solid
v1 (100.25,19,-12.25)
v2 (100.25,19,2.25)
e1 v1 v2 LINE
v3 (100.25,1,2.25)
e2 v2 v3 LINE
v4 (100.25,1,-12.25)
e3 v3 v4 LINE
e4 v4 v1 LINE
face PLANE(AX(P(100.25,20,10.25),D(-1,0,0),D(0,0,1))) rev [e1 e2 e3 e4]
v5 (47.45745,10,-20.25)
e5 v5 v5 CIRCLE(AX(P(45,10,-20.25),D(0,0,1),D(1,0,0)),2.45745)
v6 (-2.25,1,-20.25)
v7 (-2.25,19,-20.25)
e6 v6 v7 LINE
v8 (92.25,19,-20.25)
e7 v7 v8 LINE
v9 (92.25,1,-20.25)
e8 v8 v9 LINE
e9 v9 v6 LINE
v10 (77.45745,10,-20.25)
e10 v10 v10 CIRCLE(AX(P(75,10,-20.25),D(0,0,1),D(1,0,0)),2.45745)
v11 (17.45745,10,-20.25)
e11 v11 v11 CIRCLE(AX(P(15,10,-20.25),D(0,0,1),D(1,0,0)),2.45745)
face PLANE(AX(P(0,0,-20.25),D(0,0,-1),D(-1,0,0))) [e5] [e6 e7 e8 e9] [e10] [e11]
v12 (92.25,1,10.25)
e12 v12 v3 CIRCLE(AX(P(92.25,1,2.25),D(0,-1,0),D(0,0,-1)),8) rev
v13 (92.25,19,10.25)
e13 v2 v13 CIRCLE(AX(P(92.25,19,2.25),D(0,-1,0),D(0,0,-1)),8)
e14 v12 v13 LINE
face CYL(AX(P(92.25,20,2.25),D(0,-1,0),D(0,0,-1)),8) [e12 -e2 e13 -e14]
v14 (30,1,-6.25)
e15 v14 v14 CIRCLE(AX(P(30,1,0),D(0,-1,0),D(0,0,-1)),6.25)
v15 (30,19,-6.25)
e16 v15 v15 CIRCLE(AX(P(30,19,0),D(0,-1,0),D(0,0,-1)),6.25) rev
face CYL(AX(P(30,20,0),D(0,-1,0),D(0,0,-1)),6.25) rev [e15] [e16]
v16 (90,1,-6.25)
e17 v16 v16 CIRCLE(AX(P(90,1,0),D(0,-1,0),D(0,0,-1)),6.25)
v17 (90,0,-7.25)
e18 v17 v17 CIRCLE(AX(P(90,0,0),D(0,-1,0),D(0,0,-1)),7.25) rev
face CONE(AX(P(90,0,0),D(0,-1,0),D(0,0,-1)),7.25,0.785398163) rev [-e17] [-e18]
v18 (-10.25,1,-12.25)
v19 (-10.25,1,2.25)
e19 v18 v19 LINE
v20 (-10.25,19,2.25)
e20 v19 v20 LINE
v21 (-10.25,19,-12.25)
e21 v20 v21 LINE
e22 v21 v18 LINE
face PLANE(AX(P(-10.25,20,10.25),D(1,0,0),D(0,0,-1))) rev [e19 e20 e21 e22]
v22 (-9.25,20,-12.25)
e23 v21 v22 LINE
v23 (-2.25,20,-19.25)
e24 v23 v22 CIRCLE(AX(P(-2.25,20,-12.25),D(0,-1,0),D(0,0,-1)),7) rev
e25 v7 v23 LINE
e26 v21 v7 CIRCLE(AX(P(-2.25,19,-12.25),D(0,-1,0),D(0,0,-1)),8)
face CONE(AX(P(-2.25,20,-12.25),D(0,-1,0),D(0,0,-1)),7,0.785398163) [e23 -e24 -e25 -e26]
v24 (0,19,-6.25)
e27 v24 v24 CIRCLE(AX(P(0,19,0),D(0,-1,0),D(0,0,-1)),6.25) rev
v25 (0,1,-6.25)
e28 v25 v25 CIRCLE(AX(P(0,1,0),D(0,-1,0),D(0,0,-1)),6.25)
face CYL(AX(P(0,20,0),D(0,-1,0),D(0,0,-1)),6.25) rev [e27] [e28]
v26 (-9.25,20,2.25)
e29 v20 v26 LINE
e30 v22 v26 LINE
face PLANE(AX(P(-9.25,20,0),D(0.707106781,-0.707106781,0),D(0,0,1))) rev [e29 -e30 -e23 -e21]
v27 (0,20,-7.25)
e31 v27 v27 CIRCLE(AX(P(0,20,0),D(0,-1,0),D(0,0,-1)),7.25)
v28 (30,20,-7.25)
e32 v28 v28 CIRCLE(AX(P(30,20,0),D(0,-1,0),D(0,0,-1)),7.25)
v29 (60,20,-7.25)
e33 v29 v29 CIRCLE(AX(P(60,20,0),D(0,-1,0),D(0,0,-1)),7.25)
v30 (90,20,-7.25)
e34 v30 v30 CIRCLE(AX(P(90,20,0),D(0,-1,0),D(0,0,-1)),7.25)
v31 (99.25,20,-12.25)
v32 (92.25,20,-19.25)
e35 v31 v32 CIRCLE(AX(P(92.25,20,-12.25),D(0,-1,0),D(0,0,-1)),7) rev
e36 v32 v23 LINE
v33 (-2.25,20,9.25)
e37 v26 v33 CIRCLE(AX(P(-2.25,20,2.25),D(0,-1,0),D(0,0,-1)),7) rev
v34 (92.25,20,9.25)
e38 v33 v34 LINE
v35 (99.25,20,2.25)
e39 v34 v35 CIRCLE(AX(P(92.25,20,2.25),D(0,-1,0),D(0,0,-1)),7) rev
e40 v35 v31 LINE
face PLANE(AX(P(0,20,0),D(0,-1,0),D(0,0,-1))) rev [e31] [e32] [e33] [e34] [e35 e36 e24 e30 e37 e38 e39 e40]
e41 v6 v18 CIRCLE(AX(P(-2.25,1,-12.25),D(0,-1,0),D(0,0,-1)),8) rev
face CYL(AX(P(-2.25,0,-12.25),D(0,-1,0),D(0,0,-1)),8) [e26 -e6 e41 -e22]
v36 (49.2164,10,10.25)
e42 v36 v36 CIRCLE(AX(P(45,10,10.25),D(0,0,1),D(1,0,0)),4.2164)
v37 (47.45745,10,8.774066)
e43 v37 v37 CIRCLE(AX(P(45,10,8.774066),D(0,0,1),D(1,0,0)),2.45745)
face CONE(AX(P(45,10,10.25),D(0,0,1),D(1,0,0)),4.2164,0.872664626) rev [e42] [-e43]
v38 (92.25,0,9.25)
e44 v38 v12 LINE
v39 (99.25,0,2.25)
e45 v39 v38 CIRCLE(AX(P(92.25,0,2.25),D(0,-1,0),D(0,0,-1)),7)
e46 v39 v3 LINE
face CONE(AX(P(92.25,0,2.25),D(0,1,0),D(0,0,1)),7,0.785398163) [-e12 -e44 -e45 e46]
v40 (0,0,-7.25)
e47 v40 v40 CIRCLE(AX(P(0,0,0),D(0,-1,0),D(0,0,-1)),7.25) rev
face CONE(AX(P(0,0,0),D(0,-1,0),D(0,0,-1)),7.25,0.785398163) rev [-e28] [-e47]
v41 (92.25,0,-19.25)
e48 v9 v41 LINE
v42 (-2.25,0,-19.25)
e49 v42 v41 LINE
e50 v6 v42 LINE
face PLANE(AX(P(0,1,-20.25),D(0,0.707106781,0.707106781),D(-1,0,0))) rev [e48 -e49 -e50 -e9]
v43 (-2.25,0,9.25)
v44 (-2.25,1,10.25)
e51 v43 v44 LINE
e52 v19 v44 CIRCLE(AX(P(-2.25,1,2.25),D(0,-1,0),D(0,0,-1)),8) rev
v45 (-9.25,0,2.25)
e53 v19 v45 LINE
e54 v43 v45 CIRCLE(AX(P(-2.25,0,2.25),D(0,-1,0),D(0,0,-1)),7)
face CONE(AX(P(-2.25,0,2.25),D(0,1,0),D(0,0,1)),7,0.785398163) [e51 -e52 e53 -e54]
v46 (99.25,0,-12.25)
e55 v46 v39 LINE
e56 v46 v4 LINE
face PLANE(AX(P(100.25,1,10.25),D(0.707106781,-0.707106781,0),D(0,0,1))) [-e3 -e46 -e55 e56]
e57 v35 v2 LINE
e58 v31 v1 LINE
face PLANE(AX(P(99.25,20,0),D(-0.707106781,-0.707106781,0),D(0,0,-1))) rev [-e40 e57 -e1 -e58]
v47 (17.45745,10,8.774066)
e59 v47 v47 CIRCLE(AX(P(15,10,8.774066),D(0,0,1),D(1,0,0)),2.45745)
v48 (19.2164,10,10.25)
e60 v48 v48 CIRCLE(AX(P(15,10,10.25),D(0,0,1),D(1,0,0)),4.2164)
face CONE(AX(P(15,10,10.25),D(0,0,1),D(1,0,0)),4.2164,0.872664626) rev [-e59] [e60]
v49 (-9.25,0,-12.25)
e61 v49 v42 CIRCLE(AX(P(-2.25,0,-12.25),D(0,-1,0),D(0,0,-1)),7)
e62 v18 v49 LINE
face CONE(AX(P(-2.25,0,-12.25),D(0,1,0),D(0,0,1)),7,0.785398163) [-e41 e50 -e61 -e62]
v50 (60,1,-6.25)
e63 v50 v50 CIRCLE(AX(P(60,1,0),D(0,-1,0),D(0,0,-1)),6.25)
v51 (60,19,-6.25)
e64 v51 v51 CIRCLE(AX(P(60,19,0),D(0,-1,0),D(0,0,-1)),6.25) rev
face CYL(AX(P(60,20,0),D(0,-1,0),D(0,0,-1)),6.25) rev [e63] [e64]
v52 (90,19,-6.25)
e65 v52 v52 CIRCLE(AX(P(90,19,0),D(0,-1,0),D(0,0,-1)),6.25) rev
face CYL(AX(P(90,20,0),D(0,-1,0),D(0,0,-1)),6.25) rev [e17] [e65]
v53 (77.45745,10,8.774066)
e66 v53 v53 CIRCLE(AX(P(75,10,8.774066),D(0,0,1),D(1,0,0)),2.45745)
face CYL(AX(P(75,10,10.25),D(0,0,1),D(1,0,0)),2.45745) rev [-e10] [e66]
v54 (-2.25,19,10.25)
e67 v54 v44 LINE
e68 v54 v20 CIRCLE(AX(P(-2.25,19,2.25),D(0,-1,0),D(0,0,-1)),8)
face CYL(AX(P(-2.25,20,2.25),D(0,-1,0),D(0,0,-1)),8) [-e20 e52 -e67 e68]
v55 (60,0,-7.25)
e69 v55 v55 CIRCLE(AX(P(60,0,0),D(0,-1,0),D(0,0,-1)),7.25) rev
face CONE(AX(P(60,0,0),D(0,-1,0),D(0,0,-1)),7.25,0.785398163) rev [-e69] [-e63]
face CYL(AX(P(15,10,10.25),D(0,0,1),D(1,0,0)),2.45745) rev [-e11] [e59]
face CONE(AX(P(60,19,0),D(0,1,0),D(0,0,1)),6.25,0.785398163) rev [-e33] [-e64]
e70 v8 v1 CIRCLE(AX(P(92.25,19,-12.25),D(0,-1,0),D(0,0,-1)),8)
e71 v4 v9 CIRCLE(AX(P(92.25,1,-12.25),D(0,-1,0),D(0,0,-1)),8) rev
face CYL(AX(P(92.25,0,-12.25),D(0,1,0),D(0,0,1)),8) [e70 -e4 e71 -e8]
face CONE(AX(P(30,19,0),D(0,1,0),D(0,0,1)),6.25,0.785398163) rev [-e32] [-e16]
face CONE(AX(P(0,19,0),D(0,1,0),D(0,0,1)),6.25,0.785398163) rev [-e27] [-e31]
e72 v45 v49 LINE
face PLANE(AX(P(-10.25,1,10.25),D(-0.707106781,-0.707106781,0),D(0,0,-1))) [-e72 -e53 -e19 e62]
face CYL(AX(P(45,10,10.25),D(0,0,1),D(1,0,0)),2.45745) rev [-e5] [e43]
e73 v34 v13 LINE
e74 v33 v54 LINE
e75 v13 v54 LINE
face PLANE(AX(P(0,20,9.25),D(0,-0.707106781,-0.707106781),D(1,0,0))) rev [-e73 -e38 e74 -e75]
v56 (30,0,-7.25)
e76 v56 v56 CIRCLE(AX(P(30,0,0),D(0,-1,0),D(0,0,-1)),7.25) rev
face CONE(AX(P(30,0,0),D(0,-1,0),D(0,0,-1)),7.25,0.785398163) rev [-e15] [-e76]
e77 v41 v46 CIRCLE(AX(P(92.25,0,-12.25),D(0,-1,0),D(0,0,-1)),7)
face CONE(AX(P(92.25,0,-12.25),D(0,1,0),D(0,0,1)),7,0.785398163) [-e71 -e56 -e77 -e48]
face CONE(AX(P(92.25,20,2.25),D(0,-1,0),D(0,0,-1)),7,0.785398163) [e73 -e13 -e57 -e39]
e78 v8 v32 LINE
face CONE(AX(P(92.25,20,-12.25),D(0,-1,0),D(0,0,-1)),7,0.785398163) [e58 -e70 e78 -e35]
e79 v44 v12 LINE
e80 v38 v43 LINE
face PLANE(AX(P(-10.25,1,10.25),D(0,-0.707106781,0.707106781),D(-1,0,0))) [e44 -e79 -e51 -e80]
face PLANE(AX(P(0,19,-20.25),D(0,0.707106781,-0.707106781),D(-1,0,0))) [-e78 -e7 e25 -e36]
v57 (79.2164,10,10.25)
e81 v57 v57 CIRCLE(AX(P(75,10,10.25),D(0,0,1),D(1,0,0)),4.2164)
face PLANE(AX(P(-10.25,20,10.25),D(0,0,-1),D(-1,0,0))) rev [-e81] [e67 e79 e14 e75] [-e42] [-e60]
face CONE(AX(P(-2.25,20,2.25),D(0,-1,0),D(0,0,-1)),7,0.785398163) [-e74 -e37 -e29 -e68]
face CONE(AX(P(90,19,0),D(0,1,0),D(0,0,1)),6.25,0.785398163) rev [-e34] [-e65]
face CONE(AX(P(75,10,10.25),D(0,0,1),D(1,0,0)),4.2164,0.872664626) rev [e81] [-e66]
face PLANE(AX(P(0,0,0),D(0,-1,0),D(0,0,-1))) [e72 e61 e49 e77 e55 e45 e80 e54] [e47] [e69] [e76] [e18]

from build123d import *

# Parameters (mm, degrees)
SKETCH1_W                                         = 20.5
SKETCH1_H                                         = 20.5
SKETCH1_R                                         = 6.25
BOSS_EXTRUDE1_DEPTH                               = 20
SKETCH2_W                                         = 20.5
SKETCH2_H                                         = 20
BOSS_EXTRUDE2_DEPTH                               = 10
LPATTERN1_COUNT                                   = 4
LPATTERN1_PITCH                                   = 30
SKETCH3_W                                         = 9.5
SKETCH3_H                                         = 30.5
BOSS_EXTRUDE3_DEPTH                               = 20
CSK_FOR_8_FLAT_HEAD_MACHINE_SCREW_100_D           = 4.9149
CSK_FOR_8_FLAT_HEAD_MACHINE_SCREW_100_CSINK_D     = 8.4328
CSK_FOR_8_FLAT_HEAD_MACHINE_SCREW_100_CSINK_ANGLE = 100
FILLET1_R                                         = 8
CHAMFER1_SIZE                                     = 1


with BuildPart() as part:
    # Sketch1 → Boss-Extrude1 (new body)
    with BuildSketch(Plane(origin=(0, 0, 0), x_dir=(1, 0, 0), z_dir=(0, 1, 0))):
        Rectangle(SKETCH1_W, SKETCH1_H)
        Circle(SKETCH1_R, mode=Mode.SUBTRACT)
    extrude(amount=BOSS_EXTRUDE1_DEPTH)

    # Sketch2 → Boss-Extrude2 (add)
    with BuildSketch(Plane(origin=(0, 0, -10.25), x_dir=(-1, 0, 0), z_dir=(0, 0, -1))):
        with Locations((0, 10)):
            Rectangle(SKETCH2_W, SKETCH2_H)
    extrude(amount=BOSS_EXTRUDE2_DEPTH)


with BuildPart() as lpattern1_1:
    # LPattern1: pattern copy
    add(part.part.moved(Location(Vector(1, 0, 0) * (1 * LPATTERN1_PITCH))))


with BuildPart() as lpattern1_2:
    # LPattern1: pattern copy
    add(part.part.moved(Location(Vector(1, 0, 0) * (2 * LPATTERN1_PITCH))))


with BuildPart() as lpattern1_3:
    # LPattern1: pattern copy
    add(part.part.moved(Location(Vector(1, 0, 0) * (3 * LPATTERN1_PITCH))))


with BuildPart() as part_1:
    add(part.part)

    add(lpattern1_1.part)  # Boss-Extrude3 merges LPattern1_1

    add(lpattern1_2.part)  # Boss-Extrude3 merges LPattern1_2

    add(lpattern1_3.part)  # Boss-Extrude3 merges LPattern1_3
    # Sketch3 → Boss-Extrude3 (add)
    with BuildSketch(Plane(origin=(0, 20, 0), x_dir=(1, 0, 0), z_dir=(0, 1, 0))):
        with Locations((15, 5)):
            Rectangle(SKETCH3_W, SKETCH3_H)
        with Locations((45, 5)):
            Rectangle(SKETCH3_W, SKETCH3_H)
        with Locations((75, 5)):
            Rectangle(SKETCH3_W, SKETCH3_H)
    extrude(amount=-BOSS_EXTRUDE3_DEPTH)

    # CSK for #8 Flat Head Machine Screw (100)1 (through all)
    with Locations(Plane(origin=(15, 10, 10.25), x_dir=(1, 0, 0), z_dir=(0, 0, 1))):
        with Locations((0, 0), (30, 0), (60, 0)):
            CounterSinkHole(CSK_FOR_8_FLAT_HEAD_MACHINE_SCREW_100_D / 2, CSK_FOR_8_FLAT_HEAD_MACHINE_SCREW_100_CSINK_D / 2, counter_sink_angle=CSK_FOR_8_FLAT_HEAD_MACHINE_SCREW_100_CSINK_ANGLE)

    # Fillet1
    fillet1_edges = [part_1.edges().sort_by_distance(p)[0] for p in [
        (-10.25, 10, -20.25),
        (-10.25, 10, 10.25),
        (100.25, 10, 10.25),
        (100.25, 10, -20.25),
    ]]
    fillet(fillet1_edges, radius=FILLET1_R)

    # Chamfer1
    chamfer1_edges = [part_1.edges().sort_by_distance(p)[0] for p in [
        (45, 20, -20.25),
        (45, 0, -20.25),
        (45, 20, 10.25),
        (100.25, 20, -5),
        (-10.25, 20, -5),
        (-7.906854249, 20, 7.906854249),
        (97.906854249, 20, 7.906854249),
        (97.906854249, 20, -17.906854249),
        (-7.906854249, 20, -17.906854249),
        (-10.25, 0, -5),
        (-6.25, 0, 0),
        (100.25, 0, -5),
        (45, 0, 10.25),
        (-7.906854249, 0, 7.906854249),
        (-6.25, 20, 0),
        (97.906854249, 0, 7.906854249),
        (97.906854249, 0, -17.906854249),
        (-7.906854249, 0, -17.906854249),
        (23.75, 0, 0),
        (23.75, 20, 0),
        (53.75, 0, 0),
        (53.75, 20, 0),
        (83.75, 0, 0),
        (83.75, 20, 0),
    ]]
    chamfer(chamfer1_edges, length=CHAMFER1_SIZE)


solid = part_1.part
